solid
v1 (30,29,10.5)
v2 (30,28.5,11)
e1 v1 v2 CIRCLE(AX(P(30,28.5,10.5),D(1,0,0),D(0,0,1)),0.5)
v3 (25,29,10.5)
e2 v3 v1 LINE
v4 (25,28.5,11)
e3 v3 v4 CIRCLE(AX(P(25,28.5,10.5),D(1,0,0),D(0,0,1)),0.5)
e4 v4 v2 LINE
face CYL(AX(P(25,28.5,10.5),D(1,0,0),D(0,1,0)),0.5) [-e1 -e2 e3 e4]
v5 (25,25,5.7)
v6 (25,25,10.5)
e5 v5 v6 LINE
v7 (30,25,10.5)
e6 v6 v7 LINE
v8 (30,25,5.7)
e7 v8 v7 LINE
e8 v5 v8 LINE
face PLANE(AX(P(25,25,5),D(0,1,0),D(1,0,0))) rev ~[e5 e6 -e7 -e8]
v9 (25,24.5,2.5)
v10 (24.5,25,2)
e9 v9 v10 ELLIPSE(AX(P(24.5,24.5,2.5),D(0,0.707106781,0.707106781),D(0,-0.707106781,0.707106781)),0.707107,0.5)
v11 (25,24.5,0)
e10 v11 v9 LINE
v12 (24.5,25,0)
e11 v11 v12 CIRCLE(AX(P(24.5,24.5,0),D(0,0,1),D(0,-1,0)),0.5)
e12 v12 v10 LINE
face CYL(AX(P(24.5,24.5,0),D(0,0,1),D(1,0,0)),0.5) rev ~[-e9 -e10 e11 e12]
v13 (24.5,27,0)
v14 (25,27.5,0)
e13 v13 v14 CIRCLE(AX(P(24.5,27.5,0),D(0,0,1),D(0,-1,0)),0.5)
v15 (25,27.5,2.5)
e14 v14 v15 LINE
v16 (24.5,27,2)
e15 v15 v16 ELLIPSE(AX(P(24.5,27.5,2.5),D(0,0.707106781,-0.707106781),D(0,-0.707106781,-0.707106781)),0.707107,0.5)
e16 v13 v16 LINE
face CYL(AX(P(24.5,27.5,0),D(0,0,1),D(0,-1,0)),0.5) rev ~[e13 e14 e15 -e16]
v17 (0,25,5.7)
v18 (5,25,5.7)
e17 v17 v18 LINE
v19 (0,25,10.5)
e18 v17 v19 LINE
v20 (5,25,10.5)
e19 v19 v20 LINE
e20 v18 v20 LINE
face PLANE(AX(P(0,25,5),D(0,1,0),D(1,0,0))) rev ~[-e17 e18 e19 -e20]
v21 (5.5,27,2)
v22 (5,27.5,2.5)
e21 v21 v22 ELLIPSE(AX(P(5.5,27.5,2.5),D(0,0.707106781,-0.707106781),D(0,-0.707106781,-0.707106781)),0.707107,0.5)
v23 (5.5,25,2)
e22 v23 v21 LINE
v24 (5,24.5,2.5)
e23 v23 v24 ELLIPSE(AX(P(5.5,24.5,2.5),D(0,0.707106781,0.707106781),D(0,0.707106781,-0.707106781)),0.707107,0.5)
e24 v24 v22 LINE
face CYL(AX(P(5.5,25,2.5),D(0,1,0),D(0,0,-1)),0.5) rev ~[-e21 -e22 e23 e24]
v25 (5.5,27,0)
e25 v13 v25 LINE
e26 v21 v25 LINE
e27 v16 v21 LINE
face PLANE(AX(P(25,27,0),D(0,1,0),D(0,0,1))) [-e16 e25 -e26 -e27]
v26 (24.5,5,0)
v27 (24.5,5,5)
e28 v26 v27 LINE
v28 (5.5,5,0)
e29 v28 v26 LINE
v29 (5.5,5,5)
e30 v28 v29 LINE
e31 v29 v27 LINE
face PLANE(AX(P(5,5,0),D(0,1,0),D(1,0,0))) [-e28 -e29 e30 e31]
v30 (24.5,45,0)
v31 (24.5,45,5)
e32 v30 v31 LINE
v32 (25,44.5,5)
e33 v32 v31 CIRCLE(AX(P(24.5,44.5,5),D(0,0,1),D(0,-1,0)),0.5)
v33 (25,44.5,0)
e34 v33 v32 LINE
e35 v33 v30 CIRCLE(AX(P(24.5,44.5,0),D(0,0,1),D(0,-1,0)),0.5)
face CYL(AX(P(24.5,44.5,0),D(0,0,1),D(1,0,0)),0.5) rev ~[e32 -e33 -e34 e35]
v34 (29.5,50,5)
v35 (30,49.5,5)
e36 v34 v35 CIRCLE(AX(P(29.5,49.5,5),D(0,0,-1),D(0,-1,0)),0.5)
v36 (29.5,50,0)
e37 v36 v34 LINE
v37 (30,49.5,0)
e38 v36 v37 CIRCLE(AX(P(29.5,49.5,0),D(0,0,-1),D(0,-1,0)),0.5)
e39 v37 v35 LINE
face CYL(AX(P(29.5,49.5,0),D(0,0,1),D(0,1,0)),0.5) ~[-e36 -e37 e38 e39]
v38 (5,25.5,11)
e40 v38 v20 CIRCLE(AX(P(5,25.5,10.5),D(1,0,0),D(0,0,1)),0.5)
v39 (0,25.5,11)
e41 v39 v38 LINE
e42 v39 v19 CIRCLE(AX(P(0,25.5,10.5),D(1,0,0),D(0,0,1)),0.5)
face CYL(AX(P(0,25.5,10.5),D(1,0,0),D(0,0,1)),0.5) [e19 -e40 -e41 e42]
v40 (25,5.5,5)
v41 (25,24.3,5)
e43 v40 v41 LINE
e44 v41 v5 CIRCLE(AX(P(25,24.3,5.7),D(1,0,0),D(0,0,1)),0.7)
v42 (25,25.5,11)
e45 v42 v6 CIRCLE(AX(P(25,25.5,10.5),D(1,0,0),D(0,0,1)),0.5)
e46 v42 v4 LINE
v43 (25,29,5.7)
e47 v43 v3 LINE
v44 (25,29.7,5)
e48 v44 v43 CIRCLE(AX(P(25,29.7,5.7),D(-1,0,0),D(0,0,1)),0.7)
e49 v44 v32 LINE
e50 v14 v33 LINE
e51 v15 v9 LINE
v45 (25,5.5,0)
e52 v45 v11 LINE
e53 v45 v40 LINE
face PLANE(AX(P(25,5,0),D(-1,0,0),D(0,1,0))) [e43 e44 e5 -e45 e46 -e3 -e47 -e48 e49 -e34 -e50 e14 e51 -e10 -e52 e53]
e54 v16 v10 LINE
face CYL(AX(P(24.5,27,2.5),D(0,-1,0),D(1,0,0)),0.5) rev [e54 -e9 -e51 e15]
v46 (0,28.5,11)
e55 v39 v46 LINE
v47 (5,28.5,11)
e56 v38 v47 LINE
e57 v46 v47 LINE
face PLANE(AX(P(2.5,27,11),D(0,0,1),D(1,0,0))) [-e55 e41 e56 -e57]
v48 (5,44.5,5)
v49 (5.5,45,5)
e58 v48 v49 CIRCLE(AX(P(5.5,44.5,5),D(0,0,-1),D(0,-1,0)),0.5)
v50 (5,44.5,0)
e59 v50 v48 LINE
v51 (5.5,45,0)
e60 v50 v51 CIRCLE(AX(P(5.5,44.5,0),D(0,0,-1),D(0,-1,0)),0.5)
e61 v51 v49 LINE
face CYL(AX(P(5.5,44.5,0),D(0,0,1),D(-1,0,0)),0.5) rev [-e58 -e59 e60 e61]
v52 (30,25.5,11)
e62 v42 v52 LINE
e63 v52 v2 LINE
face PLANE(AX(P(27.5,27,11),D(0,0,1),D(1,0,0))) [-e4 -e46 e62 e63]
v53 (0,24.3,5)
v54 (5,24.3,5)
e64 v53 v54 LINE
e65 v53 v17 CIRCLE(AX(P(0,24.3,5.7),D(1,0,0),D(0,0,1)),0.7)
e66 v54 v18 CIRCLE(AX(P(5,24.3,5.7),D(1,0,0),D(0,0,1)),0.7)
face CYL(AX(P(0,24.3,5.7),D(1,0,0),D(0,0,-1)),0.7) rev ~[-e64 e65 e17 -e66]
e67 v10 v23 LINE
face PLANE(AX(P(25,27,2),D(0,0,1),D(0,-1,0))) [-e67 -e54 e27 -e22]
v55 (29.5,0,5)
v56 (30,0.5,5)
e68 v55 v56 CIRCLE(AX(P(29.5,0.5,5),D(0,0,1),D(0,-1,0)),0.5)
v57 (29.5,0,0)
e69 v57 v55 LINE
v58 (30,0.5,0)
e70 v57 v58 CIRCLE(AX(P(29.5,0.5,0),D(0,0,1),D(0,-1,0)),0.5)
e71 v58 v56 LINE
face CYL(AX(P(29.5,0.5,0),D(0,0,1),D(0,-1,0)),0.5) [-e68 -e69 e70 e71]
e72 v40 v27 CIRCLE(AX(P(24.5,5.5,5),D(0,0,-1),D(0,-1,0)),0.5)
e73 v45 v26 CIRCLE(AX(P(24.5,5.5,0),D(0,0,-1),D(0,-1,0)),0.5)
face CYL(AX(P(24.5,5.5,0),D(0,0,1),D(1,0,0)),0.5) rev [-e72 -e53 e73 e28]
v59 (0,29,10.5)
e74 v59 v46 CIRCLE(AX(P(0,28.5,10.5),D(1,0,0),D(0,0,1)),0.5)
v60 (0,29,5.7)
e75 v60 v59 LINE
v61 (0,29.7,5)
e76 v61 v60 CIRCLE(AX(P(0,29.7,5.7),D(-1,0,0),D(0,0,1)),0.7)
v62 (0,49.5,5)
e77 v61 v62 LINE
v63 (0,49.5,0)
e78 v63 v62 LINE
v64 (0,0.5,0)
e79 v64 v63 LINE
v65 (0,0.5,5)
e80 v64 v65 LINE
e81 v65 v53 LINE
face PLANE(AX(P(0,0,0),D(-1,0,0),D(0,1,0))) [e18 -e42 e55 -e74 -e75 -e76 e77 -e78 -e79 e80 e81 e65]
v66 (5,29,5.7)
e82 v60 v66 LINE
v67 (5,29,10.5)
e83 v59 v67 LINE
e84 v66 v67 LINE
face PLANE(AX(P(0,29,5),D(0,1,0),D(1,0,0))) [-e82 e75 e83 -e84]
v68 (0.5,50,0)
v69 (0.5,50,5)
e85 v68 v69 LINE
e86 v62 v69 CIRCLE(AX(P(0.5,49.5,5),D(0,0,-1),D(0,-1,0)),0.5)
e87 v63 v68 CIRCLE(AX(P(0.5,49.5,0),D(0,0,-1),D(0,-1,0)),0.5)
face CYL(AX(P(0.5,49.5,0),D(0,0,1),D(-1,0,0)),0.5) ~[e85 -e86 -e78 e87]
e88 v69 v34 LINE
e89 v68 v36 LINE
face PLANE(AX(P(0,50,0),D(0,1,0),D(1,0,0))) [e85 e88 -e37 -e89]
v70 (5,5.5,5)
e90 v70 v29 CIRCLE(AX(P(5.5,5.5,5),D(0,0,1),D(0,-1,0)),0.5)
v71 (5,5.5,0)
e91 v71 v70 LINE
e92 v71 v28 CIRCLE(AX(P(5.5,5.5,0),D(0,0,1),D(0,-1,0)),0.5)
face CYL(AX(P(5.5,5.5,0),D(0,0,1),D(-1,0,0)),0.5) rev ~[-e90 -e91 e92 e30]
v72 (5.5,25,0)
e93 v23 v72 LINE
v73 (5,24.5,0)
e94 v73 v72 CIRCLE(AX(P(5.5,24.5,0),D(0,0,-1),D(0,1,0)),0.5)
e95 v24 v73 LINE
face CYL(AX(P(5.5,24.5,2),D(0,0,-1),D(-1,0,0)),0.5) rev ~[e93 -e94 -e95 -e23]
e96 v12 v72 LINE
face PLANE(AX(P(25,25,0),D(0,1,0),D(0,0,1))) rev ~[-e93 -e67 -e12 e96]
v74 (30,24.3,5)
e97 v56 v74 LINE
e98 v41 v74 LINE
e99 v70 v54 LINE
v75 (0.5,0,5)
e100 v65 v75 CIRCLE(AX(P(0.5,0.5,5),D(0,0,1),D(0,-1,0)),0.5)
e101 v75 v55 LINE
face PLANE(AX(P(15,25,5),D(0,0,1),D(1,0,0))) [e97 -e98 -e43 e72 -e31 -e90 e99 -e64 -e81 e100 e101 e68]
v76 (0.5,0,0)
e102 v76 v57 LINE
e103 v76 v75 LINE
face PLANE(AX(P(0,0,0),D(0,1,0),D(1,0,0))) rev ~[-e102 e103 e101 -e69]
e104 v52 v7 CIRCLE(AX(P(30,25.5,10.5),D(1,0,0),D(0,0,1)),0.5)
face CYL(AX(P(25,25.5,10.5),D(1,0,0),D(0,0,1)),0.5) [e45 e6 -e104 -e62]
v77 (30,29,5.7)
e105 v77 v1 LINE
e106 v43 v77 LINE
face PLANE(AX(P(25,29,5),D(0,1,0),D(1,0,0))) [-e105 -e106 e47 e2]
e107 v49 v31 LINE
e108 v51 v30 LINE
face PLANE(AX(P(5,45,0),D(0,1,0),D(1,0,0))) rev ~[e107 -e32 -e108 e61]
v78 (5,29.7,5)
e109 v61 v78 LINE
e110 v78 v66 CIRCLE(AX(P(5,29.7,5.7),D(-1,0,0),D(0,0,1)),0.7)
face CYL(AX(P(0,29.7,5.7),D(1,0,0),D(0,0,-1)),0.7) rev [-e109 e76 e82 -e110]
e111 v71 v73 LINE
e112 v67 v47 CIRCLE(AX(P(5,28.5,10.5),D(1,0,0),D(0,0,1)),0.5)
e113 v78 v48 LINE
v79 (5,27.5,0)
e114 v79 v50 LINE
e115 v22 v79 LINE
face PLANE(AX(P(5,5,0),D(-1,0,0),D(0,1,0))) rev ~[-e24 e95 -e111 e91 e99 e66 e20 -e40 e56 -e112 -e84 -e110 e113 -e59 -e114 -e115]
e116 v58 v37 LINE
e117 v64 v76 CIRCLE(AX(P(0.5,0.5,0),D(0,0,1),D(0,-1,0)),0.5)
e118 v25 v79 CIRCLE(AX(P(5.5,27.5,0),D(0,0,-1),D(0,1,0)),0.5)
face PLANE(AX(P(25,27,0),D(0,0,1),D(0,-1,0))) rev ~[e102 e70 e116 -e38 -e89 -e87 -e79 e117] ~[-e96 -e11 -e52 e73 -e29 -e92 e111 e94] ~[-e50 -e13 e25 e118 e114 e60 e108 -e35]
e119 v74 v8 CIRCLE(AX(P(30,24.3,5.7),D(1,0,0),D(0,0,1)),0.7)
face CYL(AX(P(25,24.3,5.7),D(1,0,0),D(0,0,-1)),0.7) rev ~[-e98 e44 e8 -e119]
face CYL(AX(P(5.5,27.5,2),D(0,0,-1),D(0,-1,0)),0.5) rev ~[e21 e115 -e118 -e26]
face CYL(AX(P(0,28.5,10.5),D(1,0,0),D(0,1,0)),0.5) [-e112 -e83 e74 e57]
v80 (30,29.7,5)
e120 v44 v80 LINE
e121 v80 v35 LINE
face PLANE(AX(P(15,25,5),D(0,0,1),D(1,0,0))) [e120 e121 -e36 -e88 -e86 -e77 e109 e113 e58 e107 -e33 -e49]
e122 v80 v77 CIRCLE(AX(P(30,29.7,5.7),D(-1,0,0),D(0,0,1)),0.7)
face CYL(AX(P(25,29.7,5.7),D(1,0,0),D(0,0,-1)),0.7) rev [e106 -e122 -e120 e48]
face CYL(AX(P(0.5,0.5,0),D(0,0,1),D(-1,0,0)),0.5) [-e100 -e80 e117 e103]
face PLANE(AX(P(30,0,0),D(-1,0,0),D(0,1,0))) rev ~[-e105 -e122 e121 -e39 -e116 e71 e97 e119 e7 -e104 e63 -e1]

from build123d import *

# Parameters (mm, degrees)
F0_W     = 30
F0_H     = 50
F0_W_2   = 20
F0_H_2   = 40
F1_DEPTH = 5
F2_W     = 5
F2_H     = 4
F3_DEPTH = 6
F4_W     = 2
F4_H     = 2
F5_DEPTH = 20.11
F6_R     = 0.5
F7_R     = 0.7


with BuildPart() as f1:
    # F0 (on Top) → F1 (new body)
    with BuildSketch(Plane.XY):
        with Locations((15, 25)):
            Rectangle(F0_W, F0_H)
        with Locations((15, 25)):
            Rectangle(F0_W_2, F0_H_2, mode=Mode.SUBTRACT)
    extrude(amount=F1_DEPTH)

    # F2 (on face) → F3 (join)
    with BuildSketch(Plane.XY.offset(5)):
        with Locations((2.5, 27)):
            Rectangle(F2_W, F2_H)
        with Locations((27.5, 27)):
            Rectangle(F2_W, F2_H)
    extrude(amount=F3_DEPTH)

    # F4 (on face) → F5 (join)
    with BuildSketch(Plane(origin=(25, 0, 0), x_dir=(0, -1, 0), z_dir=(-1, 0, 0))):
        with Locations((-26, 1)):
            Rectangle(F4_W, F4_H)
    extrude(amount=F5_DEPTH)

    # F6
    f6_edges = [f1.edges().sort_by_distance(p)[0] for p in [
        (27.5, 29, 11),
        (27.5, 25, 11),
        (2.5, 25, 11),
        (2.5, 29, 11),
        (30, 0, 2.5),
        (25, 5, 2.5),
        (30, 50, 2.5),
        (0, 50, 2.5),
        (5, 45, 2.5),
        (5, 5, 2.5),
        (5, 27, 1),
        (5, 26, 2),
        (5, 25, 1),
        (25, 25, 1),
        (25, 26, 2),
        (25, 45, 2.5),
        (25, 27, 1),
        (0, 0, 2.5),
    ]]
    fillet(f6_edges, radius=F6_R)

    # F7
    f7_edges = [f1.edges().sort_by_distance(p)[0] for p in [
        (2.5, 25, 5),
        (27.5, 25, 5),
        (27.5, 29, 5),
        (2.5, 29, 5),
    ]]
    fillet(f7_edges, radius=F7_R)


solid = f1.part
